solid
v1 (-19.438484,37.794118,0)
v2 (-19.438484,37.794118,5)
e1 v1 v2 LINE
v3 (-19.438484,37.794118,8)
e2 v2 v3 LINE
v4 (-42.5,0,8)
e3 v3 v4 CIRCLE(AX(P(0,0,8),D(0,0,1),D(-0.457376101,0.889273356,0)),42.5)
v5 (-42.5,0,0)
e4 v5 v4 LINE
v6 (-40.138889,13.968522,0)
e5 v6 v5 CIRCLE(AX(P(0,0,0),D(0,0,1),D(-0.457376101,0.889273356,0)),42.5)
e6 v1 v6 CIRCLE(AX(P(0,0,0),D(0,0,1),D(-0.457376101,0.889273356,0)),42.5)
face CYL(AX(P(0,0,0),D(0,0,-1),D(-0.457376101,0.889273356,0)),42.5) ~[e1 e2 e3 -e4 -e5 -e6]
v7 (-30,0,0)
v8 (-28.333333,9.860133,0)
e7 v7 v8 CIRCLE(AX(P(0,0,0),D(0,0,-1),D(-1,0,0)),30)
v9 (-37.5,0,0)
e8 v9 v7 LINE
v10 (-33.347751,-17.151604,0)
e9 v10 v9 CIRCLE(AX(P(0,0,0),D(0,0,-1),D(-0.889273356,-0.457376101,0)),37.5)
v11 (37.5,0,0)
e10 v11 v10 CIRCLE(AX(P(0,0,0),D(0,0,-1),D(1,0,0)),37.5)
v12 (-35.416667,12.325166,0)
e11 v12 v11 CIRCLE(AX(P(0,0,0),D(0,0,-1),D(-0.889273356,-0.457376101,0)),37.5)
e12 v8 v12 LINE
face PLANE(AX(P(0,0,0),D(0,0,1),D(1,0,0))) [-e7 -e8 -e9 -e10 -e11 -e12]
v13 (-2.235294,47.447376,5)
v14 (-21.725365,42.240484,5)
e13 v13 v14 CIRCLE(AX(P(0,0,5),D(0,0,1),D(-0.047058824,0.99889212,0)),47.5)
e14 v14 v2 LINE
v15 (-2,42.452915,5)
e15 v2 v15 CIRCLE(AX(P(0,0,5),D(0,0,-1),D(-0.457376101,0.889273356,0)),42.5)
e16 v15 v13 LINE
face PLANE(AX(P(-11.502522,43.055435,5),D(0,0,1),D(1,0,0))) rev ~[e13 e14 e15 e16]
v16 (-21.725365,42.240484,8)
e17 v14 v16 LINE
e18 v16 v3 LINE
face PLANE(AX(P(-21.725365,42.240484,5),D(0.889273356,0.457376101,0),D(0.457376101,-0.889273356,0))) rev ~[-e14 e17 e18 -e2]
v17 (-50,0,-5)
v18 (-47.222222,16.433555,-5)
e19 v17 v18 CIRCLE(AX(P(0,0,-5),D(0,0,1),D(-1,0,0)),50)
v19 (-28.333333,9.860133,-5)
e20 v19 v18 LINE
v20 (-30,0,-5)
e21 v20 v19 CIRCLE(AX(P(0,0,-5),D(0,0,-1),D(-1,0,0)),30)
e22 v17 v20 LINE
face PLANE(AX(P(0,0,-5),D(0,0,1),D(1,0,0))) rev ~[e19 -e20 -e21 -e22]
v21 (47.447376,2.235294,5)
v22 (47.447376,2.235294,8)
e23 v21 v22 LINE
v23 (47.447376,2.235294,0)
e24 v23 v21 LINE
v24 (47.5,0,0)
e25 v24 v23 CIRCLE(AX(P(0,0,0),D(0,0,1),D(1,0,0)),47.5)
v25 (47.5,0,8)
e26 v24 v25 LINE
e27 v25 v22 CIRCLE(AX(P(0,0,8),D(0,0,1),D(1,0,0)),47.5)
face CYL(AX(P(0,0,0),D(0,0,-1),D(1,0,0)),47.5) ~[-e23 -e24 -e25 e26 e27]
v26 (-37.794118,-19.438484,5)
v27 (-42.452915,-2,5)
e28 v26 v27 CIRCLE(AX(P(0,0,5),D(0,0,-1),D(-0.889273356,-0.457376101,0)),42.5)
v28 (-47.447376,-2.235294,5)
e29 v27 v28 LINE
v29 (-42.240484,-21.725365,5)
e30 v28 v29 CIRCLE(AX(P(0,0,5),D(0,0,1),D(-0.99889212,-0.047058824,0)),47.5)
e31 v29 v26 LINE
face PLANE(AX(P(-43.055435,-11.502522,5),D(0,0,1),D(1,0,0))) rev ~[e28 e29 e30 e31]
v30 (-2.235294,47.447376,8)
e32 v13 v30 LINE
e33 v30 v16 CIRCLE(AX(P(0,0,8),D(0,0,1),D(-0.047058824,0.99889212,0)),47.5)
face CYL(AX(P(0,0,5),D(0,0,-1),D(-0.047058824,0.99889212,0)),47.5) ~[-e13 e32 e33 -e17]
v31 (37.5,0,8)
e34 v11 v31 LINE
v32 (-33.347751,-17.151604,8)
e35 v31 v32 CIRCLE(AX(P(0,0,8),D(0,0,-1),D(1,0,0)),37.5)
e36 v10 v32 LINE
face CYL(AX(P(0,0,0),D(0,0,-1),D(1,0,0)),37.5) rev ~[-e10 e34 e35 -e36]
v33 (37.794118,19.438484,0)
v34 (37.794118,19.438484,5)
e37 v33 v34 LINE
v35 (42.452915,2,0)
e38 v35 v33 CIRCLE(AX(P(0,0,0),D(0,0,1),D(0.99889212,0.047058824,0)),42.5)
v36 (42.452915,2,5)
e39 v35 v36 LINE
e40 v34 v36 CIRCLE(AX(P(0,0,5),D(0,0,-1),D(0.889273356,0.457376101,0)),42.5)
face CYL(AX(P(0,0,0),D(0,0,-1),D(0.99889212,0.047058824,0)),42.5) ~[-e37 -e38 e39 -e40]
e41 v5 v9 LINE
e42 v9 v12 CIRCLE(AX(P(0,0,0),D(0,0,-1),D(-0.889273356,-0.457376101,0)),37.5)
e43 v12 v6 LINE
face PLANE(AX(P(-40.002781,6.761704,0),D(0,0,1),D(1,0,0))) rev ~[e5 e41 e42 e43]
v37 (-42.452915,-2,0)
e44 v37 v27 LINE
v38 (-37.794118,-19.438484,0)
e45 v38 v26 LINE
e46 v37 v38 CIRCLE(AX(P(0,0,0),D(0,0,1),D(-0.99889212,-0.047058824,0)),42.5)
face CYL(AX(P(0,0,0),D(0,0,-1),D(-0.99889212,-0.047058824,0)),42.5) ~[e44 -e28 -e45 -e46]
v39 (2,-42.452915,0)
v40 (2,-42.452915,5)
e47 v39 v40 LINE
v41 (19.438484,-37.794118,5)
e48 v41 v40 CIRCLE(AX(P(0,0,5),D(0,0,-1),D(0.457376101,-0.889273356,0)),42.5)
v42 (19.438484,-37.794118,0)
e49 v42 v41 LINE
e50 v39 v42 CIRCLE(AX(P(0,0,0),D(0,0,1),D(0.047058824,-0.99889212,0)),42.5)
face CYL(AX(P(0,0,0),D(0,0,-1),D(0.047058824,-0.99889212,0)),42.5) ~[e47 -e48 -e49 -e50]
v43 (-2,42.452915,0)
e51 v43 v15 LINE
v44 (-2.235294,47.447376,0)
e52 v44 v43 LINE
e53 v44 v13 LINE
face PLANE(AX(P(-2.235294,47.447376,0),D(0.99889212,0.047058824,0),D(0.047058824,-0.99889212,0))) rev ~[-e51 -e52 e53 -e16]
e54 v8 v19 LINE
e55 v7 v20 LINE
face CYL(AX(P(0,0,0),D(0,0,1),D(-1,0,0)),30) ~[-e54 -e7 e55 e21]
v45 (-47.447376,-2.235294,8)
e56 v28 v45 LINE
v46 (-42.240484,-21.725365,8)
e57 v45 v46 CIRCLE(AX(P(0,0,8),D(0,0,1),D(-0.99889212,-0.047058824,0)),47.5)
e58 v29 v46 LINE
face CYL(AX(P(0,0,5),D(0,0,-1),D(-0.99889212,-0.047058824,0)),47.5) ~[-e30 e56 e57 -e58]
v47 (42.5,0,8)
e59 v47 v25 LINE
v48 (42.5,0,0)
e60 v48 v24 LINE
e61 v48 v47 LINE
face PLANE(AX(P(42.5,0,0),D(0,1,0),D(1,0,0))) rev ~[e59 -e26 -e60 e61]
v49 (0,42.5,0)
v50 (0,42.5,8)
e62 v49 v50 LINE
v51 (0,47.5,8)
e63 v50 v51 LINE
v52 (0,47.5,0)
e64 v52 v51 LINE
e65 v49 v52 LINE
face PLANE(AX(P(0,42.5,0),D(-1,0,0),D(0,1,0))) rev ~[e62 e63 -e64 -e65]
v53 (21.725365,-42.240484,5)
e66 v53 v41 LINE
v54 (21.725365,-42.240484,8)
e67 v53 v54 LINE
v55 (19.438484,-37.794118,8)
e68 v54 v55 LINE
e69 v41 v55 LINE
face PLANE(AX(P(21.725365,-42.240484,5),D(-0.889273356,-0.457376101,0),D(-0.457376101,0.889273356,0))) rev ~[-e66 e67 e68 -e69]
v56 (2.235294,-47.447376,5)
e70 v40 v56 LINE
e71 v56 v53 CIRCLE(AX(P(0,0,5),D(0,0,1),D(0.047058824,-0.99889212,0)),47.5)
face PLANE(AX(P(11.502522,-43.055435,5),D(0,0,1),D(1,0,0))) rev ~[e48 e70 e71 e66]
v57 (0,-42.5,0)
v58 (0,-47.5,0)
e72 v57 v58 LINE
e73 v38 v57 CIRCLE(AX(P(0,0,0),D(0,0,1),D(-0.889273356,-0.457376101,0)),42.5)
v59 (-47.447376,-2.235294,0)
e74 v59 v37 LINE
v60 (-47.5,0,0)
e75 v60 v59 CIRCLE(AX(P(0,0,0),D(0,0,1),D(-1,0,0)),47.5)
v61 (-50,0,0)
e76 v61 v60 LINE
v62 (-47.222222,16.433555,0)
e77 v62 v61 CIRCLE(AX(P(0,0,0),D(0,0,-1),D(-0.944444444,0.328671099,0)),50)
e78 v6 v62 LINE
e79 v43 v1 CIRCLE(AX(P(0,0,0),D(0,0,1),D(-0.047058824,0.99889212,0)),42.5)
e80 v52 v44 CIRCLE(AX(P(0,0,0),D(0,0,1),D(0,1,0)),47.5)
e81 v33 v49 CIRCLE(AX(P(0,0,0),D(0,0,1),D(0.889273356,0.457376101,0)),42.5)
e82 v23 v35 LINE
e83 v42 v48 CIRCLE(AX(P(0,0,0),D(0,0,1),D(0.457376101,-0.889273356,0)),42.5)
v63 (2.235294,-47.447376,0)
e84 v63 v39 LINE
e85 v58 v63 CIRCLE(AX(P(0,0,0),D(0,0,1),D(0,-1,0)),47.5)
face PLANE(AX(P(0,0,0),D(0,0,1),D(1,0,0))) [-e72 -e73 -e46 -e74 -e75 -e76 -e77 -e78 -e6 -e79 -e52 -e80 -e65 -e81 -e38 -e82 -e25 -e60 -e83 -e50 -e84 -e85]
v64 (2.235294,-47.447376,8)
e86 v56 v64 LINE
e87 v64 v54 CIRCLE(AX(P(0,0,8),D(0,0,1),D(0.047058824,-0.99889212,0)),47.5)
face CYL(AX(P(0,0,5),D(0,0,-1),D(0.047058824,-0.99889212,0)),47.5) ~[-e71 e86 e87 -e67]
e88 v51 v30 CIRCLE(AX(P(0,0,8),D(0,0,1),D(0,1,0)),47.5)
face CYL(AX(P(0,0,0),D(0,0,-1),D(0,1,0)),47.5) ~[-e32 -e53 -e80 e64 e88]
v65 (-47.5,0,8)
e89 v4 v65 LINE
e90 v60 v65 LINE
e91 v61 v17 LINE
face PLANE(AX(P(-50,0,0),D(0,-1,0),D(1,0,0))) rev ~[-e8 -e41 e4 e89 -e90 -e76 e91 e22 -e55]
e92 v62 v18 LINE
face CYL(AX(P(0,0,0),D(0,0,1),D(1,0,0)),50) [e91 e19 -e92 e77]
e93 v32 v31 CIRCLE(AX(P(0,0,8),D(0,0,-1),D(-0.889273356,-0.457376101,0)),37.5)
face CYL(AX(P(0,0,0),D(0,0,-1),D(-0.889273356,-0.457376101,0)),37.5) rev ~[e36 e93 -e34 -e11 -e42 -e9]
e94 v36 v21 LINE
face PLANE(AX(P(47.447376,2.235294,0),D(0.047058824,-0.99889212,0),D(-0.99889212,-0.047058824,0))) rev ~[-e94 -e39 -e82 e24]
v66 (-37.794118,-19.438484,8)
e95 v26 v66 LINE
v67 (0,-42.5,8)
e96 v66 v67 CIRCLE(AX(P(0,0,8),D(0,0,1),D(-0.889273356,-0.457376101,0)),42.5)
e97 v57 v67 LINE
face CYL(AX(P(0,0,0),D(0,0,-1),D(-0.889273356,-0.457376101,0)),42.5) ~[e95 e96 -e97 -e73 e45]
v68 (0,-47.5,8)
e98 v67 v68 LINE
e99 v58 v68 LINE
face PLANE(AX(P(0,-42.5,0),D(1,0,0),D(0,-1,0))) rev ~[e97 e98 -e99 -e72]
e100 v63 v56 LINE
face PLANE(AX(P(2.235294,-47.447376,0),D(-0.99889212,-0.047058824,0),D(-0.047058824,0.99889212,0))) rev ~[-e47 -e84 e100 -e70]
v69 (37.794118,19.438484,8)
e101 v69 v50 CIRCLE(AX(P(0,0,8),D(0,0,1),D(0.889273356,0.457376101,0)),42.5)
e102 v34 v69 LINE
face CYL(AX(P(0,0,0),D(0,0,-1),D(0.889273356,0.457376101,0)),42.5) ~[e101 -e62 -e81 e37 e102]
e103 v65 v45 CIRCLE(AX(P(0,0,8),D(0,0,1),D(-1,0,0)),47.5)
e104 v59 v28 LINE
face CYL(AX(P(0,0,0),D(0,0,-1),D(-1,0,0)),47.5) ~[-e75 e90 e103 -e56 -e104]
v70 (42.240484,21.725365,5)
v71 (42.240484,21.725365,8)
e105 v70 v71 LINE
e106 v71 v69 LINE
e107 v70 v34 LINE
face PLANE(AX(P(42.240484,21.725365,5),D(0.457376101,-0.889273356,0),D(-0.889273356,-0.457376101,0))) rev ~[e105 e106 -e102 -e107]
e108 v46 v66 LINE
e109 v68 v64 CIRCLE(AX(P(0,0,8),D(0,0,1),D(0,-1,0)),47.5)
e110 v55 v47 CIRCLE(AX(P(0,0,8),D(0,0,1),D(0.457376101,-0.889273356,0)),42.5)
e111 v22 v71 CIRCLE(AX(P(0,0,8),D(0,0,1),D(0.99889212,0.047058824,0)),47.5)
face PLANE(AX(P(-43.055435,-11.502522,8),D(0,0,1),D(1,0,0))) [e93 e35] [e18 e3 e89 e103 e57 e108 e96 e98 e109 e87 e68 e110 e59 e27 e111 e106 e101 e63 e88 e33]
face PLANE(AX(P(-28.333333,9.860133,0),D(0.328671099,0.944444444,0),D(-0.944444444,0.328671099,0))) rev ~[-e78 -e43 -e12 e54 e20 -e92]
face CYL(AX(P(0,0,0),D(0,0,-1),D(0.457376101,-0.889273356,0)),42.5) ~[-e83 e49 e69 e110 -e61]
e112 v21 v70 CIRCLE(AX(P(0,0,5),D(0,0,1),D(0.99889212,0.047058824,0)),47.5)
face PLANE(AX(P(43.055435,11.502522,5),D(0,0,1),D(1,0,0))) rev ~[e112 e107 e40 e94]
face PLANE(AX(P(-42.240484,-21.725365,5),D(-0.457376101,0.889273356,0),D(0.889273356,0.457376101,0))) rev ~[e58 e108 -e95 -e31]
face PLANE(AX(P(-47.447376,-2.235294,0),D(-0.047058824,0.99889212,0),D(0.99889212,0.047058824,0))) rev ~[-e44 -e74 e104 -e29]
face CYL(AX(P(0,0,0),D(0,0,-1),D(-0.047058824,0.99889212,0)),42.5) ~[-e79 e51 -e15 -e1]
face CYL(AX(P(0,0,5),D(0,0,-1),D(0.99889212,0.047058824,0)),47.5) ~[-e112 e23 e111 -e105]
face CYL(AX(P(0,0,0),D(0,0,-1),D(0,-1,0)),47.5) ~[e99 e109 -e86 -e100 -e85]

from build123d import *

# Parameters (mm, degrees)
F1_DEPTH = 8
F2_DEPTH = 8
F3_START = 5
F3_DEPTH = 3
F4_R     = 50
F5_DEPTH = 5
F7_DEPTH = 5


with BuildPart() as f1:
    # F0 (on Top) → F1 (new body)
    with BuildSketch(Plane.XY):
        with BuildLine():
            ThreePointArc((19.4384842845, -37.7941176471), (36.2793714257, -22.137235802), (42.5, 0))
            ThreePointArc((42.5, 0), (42.488227143, 1.0002770852), (42.4529150943, 2))
            ThreePointArc((42.4529150943, 2), (41.0599774657, 10.969423436), (37.7941176471, 19.4384842845))
            ThreePointArc((37.7941176471, 19.4384842845), (22.137235802, 36.2793714257), (0, 42.5))
            ThreePointArc((0, 42.5), (-1.0002770852, 42.488227143), (-2, 42.4529150943))
            ThreePointArc((-2, 42.4529150943), (-10.969423436, 41.0599774657), (-19.4384842845, 37.7941176471))
            ThreePointArc((-19.4384842845, 37.7941176471), (-36.2793714257, 22.137235802), (-42.5, 0))
            ThreePointArc((-42.5, 0), (-42.488227143, -1.0002770852), (-42.4529150943, -2))
            ThreePointArc((-42.4529150943, -2), (-41.0599774657, -10.969423436), (-37.7941176471, -19.4384842845))
            ThreePointArc((-37.7941176471, -19.4384842845), (-22.137235802, -36.2793714257), (0, -42.5))
            ThreePointArc((0, -42.5), (1.0002770852, -42.488227143), (2, -42.4529150943))
            ThreePointArc((2, -42.4529150943), (10.969423436, -41.0599774657), (19.4384842845, -37.7941176471))
        make_face()
        with BuildLine():
            ThreePointArc((37.5, 0), (8.8235294118, -36.4471580335), (-33.3477508651, -17.1516037805))
            ThreePointArc((-33.3477508651, -17.1516037805), (-8.8235294118, 36.4471580335), (37.5, 0))
        make_face(mode=Mode.SUBTRACT)
    extrude(amount=F1_DEPTH)

    # F0 (on Top) → F2 (join)
    with BuildSketch(Plane.XY):
        with BuildLine():
            ThreePointArc((-47.5, 0), (-47.486842101, -1.1179567422), (-47.4473756936, -2.2352941176))
            Line((-47.4473756936, -2.2352941176), (-42.4529150943, -2))
            ThreePointArc((-42.4529150943, -2), (-42.488227143, -1.0002770852), (-42.5, 0))
            Line((-42.5, 0), (-47.5, 0))
        make_face()
        with BuildLine():
            Line((0, 42.5), (0, 47.5))
            ThreePointArc((0, 47.5), (-1.1179567422, 47.486842101), (-2.2352941176, 47.4473756936))
            Line((-2.2352941176, 47.4473756936), (-2, 42.4529150943))
            ThreePointArc((-2, 42.4529150943), (-1.0002770852, 42.488227143), (0, 42.5))
        make_face()
        with BuildLine():
            Line((42.5, 0), (47.5, 0))
            ThreePointArc((47.5, 0), (47.486842101, 1.1179567422), (47.4473756936, 2.2352941176))
            Line((47.4473756936, 2.2352941176), (42.4529150943, 2))
            ThreePointArc((42.4529150943, 2), (42.488227143, 1.0002770852), (42.5, 0))
        make_face()
        with BuildLine():
            ThreePointArc((0, -47.5), (1.1179567422, -47.486842101), (2.2352941176, -47.4473756936))
            Line((2.2352941176, -47.4473756936), (2, -42.4529150943))
            ThreePointArc((2, -42.4529150943), (1.0002770852, -42.488227143), (0, -42.5))
            Line((0, -42.5), (0, -47.5))
        make_face()
    extrude(amount=F2_DEPTH)

    # F0 (on Top) → F3 (join)
    with BuildSketch(Plane.XY.offset(F3_START)):
        with BuildLine():
            ThreePointArc((-47.4473756936, -2.2352941176), (-45.8905630499, -12.2599438402), (-42.2404844291, -21.7253647886))
            Line((-42.2404844291, -21.7253647886), (-37.7941176471, -19.4384842845))
            ThreePointArc((-37.7941176471, -19.4384842845), (-41.0599774657, -10.969423436), (-42.4529150943, -2))
            Line((-42.4529150943, -2), (-47.4473756936, -2.2352941176))
        make_face()
        with BuildLine():
            ThreePointArc((2.2352941176, -47.4473756936), (12.2599438402, -45.8905630499), (21.7253647886, -42.2404844291))
            Line((21.7253647886, -42.2404844291), (19.4384842845, -37.7941176471))
            ThreePointArc((19.4384842845, -37.7941176471), (10.969423436, -41.0599774657), (2, -42.4529150943))
            Line((2, -42.4529150943), (2.2352941176, -47.4473756936))
        make_face()
        with BuildLine():
            Line((42.4529150943, 2), (47.4473756936, 2.2352941176))
            ThreePointArc((47.4473756936, 2.2352941176), (45.8905630499, 12.2599438402), (42.2404844291, 21.7253647886))
            Line((42.2404844291, 21.7253647886), (37.7941176471, 19.4384842845))
            ThreePointArc((37.7941176471, 19.4384842845), (41.0599774657, 10.969423436), (42.4529150943, 2))
        make_face()
        with BuildLine():
            Line((-2, 42.4529150943), (-2.2352941176, 47.4473756936))
            ThreePointArc((-2.2352941176, 47.4473756936), (-12.2599438402, 45.8905630499), (-21.7253647886, 42.2404844291))
            Line((-21.7253647886, 42.2404844291), (-19.4384842845, 37.7941176471))
            ThreePointArc((-19.4384842845, 37.7941176471), (-10.969423436, 41.0599774657), (-2, 42.4529150943))
        make_face()
    extrude(amount=F3_DEPTH)

    # F4 (on Top) → F5 (join)
    with BuildSketch(Plane.XY):
        Circle(F4_R)
    extrude(amount=-F5_DEPTH)

    # F6 (on Top) → F7 (cut)
    with BuildSketch(Plane.XY):
        with BuildLine():
            Line((-28.3333333333, 9.8601329718), (-47.2222222222, 16.4335549531))
            ThreePointArc((-47.2222222222, 16.4335549531), (-49.3006648592, 8.3333333333), (-50, 0))
            Line((-50, 0), (-30, 0))
            ThreePointArc((-30, 0), (-29.5803989155, 5), (-28.3333333333, 9.8601329718))
        make_face()
    extrude(amount=-F7_DEPTH, mode=Mode.SUBTRACT)


solid = f1.part
